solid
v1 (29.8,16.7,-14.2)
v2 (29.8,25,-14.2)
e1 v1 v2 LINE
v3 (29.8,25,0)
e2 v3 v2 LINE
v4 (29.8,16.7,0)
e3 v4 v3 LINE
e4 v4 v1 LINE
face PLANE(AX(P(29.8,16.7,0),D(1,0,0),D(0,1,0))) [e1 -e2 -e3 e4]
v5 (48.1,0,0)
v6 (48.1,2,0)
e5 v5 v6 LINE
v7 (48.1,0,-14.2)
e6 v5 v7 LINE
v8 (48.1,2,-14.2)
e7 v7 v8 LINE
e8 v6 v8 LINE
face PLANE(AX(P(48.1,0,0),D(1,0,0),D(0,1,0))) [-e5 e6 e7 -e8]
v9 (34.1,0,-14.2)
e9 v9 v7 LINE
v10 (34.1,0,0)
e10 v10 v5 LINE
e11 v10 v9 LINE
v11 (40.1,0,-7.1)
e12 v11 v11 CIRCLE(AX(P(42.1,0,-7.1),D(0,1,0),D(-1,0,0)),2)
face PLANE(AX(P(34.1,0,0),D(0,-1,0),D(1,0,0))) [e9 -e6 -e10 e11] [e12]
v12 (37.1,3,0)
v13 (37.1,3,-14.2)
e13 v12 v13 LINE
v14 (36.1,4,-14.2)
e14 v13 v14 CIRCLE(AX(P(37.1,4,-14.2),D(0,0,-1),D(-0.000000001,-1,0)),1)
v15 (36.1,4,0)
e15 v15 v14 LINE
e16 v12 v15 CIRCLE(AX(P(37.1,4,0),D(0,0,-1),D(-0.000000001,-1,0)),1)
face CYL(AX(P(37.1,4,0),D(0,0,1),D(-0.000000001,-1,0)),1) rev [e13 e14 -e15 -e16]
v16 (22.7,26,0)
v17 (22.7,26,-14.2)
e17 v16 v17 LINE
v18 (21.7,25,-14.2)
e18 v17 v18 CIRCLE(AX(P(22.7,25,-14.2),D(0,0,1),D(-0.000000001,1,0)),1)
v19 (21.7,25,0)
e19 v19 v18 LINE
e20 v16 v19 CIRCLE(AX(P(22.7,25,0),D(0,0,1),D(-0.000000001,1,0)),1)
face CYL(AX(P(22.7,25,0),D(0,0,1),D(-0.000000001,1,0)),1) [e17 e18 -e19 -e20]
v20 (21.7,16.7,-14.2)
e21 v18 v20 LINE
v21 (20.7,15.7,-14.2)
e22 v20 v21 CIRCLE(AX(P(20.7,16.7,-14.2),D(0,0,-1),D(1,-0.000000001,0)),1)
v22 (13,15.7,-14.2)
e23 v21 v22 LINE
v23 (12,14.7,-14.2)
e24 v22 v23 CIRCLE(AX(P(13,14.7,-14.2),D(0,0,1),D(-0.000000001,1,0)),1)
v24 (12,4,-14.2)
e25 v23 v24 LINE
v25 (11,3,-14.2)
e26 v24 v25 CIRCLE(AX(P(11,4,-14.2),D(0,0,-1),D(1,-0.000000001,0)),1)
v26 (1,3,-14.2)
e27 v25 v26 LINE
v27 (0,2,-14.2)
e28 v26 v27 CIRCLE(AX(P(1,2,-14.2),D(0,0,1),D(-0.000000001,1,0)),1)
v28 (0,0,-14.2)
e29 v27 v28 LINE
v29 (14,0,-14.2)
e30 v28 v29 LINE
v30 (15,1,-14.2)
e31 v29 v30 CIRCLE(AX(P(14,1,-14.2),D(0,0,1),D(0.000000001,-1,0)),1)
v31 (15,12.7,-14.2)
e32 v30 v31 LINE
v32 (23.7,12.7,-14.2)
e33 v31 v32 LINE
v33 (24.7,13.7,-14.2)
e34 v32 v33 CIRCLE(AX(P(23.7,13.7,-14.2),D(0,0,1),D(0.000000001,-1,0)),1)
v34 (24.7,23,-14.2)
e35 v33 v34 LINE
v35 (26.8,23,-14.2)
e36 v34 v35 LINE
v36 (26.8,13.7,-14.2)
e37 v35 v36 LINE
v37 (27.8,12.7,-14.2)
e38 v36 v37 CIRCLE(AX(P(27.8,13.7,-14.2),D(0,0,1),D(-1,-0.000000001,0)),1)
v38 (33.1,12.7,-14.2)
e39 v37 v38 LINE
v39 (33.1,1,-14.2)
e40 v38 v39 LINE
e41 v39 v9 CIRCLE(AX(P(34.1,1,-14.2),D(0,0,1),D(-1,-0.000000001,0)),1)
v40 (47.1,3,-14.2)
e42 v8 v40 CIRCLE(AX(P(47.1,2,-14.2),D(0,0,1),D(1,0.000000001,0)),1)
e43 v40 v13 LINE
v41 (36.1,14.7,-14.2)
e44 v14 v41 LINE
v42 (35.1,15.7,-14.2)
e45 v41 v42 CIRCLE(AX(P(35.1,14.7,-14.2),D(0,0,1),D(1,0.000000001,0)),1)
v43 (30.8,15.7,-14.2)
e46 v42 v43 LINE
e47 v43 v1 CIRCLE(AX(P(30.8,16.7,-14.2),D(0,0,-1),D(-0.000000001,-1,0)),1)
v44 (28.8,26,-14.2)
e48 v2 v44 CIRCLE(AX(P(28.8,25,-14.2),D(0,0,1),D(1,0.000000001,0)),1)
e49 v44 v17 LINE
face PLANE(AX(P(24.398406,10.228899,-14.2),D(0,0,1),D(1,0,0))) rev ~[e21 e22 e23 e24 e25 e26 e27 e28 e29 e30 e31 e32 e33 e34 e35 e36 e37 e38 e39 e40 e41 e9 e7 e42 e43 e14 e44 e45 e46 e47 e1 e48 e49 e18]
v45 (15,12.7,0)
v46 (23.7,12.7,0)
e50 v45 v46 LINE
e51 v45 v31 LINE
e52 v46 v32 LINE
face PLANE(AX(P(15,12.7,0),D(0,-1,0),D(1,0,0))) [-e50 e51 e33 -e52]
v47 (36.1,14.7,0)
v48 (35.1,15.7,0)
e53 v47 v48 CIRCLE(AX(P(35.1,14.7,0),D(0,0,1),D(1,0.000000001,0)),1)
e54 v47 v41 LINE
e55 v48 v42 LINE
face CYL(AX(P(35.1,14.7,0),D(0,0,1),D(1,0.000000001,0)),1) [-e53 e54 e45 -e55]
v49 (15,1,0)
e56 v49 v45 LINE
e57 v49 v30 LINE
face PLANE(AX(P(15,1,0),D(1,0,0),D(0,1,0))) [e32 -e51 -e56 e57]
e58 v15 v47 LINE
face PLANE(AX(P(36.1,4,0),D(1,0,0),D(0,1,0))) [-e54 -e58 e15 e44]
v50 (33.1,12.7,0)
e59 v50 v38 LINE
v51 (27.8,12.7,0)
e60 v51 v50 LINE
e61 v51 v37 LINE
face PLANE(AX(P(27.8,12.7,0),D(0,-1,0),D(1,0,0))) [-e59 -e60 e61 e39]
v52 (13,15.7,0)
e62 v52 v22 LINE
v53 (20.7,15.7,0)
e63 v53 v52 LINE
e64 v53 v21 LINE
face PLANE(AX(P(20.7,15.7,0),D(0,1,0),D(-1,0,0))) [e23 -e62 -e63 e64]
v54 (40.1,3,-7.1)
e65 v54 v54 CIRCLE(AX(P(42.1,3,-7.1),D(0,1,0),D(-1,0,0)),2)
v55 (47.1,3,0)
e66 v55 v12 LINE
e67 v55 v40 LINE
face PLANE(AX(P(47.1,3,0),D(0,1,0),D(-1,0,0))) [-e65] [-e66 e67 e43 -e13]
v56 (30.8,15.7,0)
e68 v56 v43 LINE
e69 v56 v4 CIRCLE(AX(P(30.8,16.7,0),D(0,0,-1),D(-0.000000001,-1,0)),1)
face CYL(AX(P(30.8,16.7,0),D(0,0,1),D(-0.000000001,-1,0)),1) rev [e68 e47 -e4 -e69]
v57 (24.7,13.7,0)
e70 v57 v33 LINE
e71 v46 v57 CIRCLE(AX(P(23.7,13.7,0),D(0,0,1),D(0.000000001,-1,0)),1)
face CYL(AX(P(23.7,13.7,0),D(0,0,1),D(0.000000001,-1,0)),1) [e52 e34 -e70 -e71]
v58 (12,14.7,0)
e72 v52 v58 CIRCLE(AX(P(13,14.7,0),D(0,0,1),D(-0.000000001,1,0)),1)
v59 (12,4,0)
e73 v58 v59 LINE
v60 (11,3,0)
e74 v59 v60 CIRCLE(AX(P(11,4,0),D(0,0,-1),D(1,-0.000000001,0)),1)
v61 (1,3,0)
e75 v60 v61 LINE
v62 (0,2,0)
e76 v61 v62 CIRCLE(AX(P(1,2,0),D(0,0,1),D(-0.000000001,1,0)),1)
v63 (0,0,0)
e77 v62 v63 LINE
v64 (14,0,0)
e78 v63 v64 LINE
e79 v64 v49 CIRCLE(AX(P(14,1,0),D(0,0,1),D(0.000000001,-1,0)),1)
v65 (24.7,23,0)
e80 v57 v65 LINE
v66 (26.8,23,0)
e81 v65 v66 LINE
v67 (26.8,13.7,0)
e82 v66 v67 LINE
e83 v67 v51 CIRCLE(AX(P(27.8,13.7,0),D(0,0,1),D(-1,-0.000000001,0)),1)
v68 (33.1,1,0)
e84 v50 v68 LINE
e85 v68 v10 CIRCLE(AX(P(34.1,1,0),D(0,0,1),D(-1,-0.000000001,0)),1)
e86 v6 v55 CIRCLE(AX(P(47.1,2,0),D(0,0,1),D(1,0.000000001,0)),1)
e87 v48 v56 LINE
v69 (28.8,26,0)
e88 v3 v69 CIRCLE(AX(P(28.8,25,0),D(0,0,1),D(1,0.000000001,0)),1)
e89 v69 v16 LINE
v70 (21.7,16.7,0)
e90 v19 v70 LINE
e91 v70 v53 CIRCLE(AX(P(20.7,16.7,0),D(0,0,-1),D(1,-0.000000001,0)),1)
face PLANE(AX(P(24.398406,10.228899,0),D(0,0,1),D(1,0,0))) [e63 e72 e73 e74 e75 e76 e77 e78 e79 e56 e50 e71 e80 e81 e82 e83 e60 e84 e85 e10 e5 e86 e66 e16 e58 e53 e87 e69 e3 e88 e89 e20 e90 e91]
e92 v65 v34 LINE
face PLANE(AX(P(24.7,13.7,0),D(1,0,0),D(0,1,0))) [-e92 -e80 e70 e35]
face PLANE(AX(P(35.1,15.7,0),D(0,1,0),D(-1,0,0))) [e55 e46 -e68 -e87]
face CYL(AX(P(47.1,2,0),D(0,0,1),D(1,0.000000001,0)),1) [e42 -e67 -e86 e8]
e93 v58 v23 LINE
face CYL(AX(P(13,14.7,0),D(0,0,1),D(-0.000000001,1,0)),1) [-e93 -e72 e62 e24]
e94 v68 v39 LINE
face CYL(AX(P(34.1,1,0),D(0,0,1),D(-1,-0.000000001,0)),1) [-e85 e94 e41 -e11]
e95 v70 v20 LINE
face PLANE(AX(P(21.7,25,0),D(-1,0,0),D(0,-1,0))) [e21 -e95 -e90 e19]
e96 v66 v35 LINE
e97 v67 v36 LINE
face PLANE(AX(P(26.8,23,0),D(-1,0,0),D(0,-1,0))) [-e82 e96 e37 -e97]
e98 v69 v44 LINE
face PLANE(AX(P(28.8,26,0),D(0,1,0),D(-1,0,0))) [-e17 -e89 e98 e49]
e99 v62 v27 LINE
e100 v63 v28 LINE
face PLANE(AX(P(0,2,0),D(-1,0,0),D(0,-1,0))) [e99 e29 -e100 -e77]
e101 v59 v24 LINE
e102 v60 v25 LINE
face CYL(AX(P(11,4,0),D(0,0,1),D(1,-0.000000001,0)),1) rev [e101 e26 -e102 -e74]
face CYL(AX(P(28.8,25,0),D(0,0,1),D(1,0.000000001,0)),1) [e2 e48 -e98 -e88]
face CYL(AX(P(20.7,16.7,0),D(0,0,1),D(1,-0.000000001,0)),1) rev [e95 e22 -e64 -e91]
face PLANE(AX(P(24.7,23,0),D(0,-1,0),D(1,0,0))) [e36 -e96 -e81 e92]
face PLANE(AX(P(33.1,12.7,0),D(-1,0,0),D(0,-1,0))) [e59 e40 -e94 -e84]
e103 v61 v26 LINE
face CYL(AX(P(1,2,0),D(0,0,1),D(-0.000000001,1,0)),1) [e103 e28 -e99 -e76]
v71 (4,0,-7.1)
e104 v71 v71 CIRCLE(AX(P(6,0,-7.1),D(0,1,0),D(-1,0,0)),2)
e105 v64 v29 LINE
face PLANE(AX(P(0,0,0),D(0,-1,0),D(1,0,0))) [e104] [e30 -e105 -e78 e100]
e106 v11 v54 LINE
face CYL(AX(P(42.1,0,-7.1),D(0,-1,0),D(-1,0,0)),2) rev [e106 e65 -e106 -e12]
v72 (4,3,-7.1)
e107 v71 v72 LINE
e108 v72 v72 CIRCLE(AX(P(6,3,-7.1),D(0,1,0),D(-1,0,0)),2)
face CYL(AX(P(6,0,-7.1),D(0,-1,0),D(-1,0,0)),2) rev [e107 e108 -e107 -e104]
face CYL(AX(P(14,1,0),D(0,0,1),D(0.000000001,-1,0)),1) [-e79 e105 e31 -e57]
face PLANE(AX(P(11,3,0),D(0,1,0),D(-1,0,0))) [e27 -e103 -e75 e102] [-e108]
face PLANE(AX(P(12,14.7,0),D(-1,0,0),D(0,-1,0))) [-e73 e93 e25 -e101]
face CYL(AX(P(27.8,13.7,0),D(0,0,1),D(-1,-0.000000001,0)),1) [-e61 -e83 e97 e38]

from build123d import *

# Parameters (mm, degrees)
BOSS_EXTRUDE1_DEPTH = 14.2
SKETCH2_R           = 2
CUT_EXTRUDE1_DEPTH  = 3


with BuildPart() as part:
    # Sketch1 → Boss-Extrude1 (new body)
    with BuildSketch(Plane.XY):
        with BuildLine():
            Line((0, 0), (12, 0))
            Line((12, 0), (14, 0))
            ThreePointArc((14, 0), (14.707106781, 0.292893219), (15, 1))
            Line((15, 1), (15, 12.7))
            Line((15, 12.7), (23.7, 12.7))
            ThreePointArc((23.7, 12.7), (24.407106781, 12.992893219), (24.7, 13.7))
            Line((24.7, 13.7), (24.7, 23))
            Line((24.7, 23), (26.8, 23))
            Line((26.8, 23), (26.8, 13.7))
            ThreePointArc((26.8, 13.7), (27.092893219, 12.992893219), (27.8, 12.7))
            Line((27.8, 12.7), (33.1, 12.7))
            Line((33.1, 12.7), (33.1, 1))
            ThreePointArc((33.1, 1), (33.392893219, 0.292893219), (34.1, 0))
            Line((34.1, 0), (48.1, 0))
            Line((48.1, 0), (48.1, 2))
            ThreePointArc((48.1, 2), (47.807106781, 2.707106781), (47.1, 3))
            Line((47.1, 3), (37.1, 3))
            ThreePointArc((37.1, 3), (36.392893219, 3.292893219), (36.1, 4))
            Line((36.1, 4), (36.1, 14.7))
            ThreePointArc((36.1, 14.7), (35.807106781, 15.407106781), (35.1, 15.7))
            Line((35.1, 15.7), (30.8, 15.7))
            ThreePointArc((30.8, 15.7), (30.092893219, 15.992893219), (29.8, 16.7))
            Line((29.8, 16.7), (29.8, 25))
            ThreePointArc((29.8, 25), (29.507106781, 25.707106781), (28.8, 26))
            Line((28.8, 26), (22.7, 26))
            ThreePointArc((22.7, 26), (21.992893219, 25.707106781), (21.7, 25))
            Line((21.7, 25), (21.7, 16.7))
            ThreePointArc((21.7, 16.7), (21.407106781, 15.992893219), (20.7, 15.7))
            Line((20.7, 15.7), (13, 15.7))
            ThreePointArc((13, 15.7), (12.292893219, 15.407106781), (12, 14.7))
            Line((12, 14.7), (12, 4))
            ThreePointArc((12, 4), (11.707106781, 3.292893219), (11, 3))
            Line((11, 3), (1, 3))
            ThreePointArc((1, 3), (0.292893219, 2.707106781), (0, 2))
            Line((0, 2), (0, 0))
        make_face()
    extrude(amount=-BOSS_EXTRUDE1_DEPTH)

    # Sketch2 → Cut-Extrude1 (cut)
    with BuildSketch(Plane(origin=(0, 0, 0), x_dir=(1, 0, 0), z_dir=(0, 1, 0))):
        with Locations(Location((42.1, 7.1, 0), (0, 0, 180))):  # turned: the seam where the file's is
            Circle(SKETCH2_R)
        with Locations(Location((6, 7.1, 0), (0, 0, 180))):  # turned: the seam where the file's is
            Circle(SKETCH2_R)
    extrude(amount=CUT_EXTRUDE1_DEPTH, mode=Mode.SUBTRACT)


solid = part.part
